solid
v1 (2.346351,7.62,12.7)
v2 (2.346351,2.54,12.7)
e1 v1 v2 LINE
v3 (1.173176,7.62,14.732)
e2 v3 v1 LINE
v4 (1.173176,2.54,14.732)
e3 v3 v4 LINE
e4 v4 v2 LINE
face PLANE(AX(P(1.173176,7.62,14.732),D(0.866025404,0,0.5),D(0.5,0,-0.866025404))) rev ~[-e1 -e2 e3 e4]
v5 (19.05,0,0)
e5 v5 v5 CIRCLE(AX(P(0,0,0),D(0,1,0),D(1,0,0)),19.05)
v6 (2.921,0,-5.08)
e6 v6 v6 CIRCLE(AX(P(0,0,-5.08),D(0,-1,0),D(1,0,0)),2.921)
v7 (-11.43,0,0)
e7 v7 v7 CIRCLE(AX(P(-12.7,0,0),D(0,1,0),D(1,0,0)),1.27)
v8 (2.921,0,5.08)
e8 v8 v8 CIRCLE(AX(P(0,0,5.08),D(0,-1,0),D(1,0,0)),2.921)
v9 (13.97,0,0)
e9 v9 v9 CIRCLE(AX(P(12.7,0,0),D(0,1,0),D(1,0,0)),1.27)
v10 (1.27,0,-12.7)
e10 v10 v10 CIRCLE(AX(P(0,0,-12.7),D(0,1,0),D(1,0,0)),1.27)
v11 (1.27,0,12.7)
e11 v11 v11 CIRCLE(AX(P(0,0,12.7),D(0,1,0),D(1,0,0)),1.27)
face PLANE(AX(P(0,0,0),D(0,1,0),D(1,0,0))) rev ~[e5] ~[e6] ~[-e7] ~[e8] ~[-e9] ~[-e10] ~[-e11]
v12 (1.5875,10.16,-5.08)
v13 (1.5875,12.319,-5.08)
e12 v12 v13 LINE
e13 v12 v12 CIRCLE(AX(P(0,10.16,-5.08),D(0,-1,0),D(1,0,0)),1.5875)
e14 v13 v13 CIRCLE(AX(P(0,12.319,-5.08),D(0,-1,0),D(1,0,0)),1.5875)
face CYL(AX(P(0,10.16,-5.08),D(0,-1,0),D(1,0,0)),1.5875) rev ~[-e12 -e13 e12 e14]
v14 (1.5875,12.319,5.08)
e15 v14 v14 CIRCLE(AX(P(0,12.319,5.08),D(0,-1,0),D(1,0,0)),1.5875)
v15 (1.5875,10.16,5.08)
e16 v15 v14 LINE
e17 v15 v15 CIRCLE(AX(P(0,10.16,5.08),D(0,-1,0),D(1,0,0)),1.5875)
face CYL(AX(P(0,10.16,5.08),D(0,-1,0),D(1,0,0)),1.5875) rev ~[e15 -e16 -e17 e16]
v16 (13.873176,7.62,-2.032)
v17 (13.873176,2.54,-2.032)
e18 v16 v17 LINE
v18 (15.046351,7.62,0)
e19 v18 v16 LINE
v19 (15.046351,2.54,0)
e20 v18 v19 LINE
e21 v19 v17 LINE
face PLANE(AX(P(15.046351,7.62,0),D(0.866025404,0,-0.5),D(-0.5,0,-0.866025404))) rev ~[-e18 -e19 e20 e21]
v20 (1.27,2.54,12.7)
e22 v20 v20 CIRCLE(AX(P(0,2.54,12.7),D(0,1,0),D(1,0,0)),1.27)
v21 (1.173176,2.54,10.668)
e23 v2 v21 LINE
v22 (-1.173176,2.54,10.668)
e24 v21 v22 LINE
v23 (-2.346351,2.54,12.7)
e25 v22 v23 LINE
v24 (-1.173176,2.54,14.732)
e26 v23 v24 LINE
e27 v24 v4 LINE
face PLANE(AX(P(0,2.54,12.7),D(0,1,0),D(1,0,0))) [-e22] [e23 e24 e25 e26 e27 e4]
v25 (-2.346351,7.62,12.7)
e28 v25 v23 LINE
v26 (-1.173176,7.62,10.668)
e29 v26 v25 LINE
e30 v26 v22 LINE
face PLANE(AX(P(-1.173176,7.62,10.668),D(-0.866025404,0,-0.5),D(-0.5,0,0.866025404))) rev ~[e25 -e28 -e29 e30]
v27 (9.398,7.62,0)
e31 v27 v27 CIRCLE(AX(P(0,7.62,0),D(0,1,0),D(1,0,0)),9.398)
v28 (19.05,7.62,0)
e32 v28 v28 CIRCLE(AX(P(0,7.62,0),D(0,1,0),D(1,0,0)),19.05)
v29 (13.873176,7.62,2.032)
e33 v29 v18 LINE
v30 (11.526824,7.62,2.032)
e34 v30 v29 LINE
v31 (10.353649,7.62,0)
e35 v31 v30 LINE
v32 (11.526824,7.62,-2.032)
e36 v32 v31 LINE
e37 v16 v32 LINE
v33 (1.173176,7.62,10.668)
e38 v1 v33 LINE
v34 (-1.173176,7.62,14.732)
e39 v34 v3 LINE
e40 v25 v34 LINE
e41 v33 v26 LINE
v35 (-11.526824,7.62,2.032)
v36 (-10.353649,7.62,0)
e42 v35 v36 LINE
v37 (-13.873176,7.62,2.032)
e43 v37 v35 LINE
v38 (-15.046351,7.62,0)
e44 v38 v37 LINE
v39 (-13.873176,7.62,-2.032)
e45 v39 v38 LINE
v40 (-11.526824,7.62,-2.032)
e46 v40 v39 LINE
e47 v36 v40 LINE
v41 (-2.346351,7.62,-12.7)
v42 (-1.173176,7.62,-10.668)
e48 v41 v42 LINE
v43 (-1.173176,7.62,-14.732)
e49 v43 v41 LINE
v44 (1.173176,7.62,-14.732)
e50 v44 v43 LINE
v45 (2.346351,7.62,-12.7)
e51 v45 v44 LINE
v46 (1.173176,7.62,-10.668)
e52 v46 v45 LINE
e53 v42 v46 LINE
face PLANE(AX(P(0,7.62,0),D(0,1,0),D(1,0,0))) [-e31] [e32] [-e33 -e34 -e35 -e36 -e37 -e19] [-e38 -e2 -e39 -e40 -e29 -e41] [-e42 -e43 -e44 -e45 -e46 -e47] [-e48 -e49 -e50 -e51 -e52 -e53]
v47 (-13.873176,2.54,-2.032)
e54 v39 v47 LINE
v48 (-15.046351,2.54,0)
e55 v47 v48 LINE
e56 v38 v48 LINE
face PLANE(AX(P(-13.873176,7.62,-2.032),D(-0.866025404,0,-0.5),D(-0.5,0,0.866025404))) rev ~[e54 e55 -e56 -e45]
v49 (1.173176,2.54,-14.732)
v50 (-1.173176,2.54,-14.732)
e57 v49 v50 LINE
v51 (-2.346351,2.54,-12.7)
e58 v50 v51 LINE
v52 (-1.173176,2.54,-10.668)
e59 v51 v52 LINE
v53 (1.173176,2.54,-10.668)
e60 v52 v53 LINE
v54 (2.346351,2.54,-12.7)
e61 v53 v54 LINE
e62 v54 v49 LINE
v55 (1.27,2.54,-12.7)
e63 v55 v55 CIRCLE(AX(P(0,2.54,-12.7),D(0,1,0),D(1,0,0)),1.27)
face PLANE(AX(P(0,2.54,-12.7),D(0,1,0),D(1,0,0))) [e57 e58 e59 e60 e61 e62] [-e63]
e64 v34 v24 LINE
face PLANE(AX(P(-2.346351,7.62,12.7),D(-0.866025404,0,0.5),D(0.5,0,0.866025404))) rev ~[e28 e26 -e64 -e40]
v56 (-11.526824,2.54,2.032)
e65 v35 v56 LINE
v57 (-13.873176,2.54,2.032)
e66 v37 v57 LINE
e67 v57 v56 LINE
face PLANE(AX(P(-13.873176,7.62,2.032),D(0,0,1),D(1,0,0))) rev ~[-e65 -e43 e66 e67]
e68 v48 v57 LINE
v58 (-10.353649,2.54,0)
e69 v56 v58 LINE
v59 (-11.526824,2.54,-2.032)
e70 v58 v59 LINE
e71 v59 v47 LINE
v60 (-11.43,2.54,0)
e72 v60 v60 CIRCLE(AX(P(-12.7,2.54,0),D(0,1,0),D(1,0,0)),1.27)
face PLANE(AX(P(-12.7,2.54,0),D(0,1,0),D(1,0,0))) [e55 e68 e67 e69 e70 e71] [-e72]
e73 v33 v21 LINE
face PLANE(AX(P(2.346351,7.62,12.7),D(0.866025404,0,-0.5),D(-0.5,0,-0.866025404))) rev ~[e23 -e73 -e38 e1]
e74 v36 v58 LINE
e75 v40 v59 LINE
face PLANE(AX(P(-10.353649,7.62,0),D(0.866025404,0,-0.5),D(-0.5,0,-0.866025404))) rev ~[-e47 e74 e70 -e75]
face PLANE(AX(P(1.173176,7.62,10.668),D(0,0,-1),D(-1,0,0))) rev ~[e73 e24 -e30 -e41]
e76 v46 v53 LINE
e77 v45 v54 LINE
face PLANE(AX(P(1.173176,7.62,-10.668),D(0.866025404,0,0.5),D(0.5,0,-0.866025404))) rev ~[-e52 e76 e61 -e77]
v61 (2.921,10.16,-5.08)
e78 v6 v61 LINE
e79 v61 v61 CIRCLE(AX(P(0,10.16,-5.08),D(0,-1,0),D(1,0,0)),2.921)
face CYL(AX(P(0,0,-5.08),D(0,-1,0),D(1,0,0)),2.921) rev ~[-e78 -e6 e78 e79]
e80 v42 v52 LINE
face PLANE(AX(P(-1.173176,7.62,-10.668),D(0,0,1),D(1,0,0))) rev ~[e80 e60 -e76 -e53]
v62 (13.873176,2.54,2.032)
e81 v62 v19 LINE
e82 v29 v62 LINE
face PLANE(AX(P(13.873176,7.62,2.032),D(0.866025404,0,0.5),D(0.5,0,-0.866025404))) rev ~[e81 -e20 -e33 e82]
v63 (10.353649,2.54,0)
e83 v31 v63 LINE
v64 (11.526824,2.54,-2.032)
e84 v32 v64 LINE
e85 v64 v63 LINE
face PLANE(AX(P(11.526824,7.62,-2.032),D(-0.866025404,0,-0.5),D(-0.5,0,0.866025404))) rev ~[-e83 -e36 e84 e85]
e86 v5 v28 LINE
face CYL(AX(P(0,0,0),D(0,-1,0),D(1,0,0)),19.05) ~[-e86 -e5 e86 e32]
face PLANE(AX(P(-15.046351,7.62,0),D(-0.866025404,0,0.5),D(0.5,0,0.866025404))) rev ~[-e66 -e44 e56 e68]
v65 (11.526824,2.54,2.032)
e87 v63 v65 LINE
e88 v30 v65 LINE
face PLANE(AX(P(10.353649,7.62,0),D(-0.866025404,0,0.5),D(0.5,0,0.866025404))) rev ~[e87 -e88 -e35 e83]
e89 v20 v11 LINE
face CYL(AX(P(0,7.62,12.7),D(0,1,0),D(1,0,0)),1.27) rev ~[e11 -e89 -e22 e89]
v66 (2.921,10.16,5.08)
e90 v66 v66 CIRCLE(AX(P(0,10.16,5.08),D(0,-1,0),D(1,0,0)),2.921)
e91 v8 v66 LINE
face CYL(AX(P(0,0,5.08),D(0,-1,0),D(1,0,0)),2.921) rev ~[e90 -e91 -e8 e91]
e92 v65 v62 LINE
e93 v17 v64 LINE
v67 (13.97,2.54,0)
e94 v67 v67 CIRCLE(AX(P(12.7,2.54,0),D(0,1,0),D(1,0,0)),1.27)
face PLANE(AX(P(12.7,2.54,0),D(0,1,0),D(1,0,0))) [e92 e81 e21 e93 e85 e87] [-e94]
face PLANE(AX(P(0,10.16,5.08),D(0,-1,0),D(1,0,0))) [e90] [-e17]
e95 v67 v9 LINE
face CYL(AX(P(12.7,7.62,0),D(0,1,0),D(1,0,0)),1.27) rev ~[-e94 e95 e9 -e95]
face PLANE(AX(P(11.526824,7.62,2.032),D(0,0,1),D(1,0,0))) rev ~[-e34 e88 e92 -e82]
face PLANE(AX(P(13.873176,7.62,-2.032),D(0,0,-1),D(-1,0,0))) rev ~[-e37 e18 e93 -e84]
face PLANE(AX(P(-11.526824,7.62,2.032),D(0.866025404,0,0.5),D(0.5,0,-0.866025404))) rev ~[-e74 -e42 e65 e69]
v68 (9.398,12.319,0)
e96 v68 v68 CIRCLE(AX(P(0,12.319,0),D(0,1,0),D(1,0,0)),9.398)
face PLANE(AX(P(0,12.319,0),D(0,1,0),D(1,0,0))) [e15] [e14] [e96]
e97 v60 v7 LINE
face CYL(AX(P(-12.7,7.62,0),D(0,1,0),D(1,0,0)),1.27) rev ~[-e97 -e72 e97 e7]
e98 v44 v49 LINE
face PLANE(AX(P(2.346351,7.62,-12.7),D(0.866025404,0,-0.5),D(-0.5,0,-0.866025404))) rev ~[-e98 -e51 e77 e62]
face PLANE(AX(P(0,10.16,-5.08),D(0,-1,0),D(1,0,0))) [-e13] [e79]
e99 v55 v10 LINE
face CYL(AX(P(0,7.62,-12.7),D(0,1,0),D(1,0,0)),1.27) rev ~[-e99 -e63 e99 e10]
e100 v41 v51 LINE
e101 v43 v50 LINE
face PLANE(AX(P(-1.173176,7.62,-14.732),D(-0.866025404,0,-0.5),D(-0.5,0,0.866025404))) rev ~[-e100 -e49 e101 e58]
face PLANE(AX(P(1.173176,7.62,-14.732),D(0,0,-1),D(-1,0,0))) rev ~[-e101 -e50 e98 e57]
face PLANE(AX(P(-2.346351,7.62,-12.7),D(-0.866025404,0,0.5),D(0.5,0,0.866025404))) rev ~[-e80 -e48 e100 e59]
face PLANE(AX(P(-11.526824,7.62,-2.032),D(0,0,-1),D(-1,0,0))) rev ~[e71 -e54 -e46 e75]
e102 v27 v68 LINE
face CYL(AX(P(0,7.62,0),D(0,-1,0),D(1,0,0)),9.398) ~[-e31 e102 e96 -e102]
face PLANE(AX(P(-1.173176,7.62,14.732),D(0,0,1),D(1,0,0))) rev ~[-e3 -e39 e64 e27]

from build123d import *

# Parameters (mm, degrees)
SKETCH1_R           = 19.05
BOSS_EXTRUDE1_DEPTH = 7.62
SKETCH2_R           = 9.398
BOSS_EXTRUDE2_DEPTH = 4.699
SKETCH7_R           = 2.921
CUT_EXTRUDE5_DEPTH  = 10.16
SKETCH12_R          = 1.5875
CUT_EXTRUDE6_DEPTH  = 3.159
CUT_EXTRUDE7_DEPTH  = 5.08
SKETCH14_R          = 1.27
CUT_EXTRUDE8_DEPTH  = 8.62


with BuildPart() as part:
    # Sketch1 → Boss-Extrude1 (new body)
    with BuildSketch(Plane(origin=(0, 0, 0), x_dir=(1, 0, 0), z_dir=(0, 1, 0))):
        Circle(SKETCH1_R)
    extrude(amount=BOSS_EXTRUDE1_DEPTH)

    # Sketch2 → Boss-Extrude2 (add)
    with BuildSketch(Plane(origin=(0, 7.62, 0), x_dir=(1, 0, 0), z_dir=(0, 1, 0))):
        Circle(SKETCH2_R)
    extrude(amount=BOSS_EXTRUDE2_DEPTH)

    # Sketch7 → Cut-Extrude5 (cut)
    with BuildSketch(Plane.XZ):
        with Locations((0, 5.08)):
            Circle(SKETCH7_R)
        with Locations((0, -5.08)):
            Circle(SKETCH7_R)
    extrude(amount=-CUT_EXTRUDE5_DEPTH, mode=Mode.SUBTRACT)

    # Sketch12 → Cut-Extrude6 (cut, through all)
    with BuildSketch(Plane.XZ.offset(-10.16)):
        with Locations((0, 5.08)):
            Circle(SKETCH12_R)
        with Locations((0, -5.08)):
            Circle(SKETCH12_R)
    extrude(amount=-CUT_EXTRUDE6_DEPTH, mode=Mode.SUBTRACT)

    # Sketch13 → Cut-Extrude7 (cut)
    with BuildSketch(Plane(origin=(0, 7.62, 0), x_dir=(1, 0, 0), z_dir=(0, 1, 0))):
        Polygon((2.346351494, 12.7), (1.173175747, 14.732), (-1.173175747, 14.732), (-2.346351494, 12.7), (-1.173175747, 10.668), (1.173175747, 10.668), align=None)
        Polygon((2.346351494, -12.7), (1.173175747, -10.668), (-1.173175747, -10.668), (-2.346351494, -12.7), (-1.173175747, -14.732), (1.173175747, -14.732), align=None)
        Polygon((15.046351494, 0), (13.873175747, 2.032), (11.526824253, 2.032), (10.353648506, 0), (11.526824253, -2.032), (13.873175747, -2.032), align=None)
        Polygon((-10.353648506, 0), (-11.526824253, 2.032), (-13.873175747, 2.032), (-15.046351494, 0), (-13.873175747, -2.032), (-11.526824253, -2.032), align=None)
    extrude(amount=-CUT_EXTRUDE7_DEPTH, mode=Mode.SUBTRACT)

    # Sketch14 → Cut-Extrude8 (cut, through all)
    with BuildSketch(Plane(origin=(0, 7.62, 0), x_dir=(1, 0, 0), z_dir=(0, 1, 0))):
        with Locations((0, 12.7)):
            Circle(SKETCH14_R)
        with Locations((12.7, 0)):
            Circle(SKETCH14_R)
        with Locations((0, -12.7)):
            Circle(SKETCH14_R)
        with Locations((-12.7, 0)):
            Circle(SKETCH14_R)
    extrude(amount=-CUT_EXTRUDE8_DEPTH, mode=Mode.SUBTRACT)


solid = part.part
